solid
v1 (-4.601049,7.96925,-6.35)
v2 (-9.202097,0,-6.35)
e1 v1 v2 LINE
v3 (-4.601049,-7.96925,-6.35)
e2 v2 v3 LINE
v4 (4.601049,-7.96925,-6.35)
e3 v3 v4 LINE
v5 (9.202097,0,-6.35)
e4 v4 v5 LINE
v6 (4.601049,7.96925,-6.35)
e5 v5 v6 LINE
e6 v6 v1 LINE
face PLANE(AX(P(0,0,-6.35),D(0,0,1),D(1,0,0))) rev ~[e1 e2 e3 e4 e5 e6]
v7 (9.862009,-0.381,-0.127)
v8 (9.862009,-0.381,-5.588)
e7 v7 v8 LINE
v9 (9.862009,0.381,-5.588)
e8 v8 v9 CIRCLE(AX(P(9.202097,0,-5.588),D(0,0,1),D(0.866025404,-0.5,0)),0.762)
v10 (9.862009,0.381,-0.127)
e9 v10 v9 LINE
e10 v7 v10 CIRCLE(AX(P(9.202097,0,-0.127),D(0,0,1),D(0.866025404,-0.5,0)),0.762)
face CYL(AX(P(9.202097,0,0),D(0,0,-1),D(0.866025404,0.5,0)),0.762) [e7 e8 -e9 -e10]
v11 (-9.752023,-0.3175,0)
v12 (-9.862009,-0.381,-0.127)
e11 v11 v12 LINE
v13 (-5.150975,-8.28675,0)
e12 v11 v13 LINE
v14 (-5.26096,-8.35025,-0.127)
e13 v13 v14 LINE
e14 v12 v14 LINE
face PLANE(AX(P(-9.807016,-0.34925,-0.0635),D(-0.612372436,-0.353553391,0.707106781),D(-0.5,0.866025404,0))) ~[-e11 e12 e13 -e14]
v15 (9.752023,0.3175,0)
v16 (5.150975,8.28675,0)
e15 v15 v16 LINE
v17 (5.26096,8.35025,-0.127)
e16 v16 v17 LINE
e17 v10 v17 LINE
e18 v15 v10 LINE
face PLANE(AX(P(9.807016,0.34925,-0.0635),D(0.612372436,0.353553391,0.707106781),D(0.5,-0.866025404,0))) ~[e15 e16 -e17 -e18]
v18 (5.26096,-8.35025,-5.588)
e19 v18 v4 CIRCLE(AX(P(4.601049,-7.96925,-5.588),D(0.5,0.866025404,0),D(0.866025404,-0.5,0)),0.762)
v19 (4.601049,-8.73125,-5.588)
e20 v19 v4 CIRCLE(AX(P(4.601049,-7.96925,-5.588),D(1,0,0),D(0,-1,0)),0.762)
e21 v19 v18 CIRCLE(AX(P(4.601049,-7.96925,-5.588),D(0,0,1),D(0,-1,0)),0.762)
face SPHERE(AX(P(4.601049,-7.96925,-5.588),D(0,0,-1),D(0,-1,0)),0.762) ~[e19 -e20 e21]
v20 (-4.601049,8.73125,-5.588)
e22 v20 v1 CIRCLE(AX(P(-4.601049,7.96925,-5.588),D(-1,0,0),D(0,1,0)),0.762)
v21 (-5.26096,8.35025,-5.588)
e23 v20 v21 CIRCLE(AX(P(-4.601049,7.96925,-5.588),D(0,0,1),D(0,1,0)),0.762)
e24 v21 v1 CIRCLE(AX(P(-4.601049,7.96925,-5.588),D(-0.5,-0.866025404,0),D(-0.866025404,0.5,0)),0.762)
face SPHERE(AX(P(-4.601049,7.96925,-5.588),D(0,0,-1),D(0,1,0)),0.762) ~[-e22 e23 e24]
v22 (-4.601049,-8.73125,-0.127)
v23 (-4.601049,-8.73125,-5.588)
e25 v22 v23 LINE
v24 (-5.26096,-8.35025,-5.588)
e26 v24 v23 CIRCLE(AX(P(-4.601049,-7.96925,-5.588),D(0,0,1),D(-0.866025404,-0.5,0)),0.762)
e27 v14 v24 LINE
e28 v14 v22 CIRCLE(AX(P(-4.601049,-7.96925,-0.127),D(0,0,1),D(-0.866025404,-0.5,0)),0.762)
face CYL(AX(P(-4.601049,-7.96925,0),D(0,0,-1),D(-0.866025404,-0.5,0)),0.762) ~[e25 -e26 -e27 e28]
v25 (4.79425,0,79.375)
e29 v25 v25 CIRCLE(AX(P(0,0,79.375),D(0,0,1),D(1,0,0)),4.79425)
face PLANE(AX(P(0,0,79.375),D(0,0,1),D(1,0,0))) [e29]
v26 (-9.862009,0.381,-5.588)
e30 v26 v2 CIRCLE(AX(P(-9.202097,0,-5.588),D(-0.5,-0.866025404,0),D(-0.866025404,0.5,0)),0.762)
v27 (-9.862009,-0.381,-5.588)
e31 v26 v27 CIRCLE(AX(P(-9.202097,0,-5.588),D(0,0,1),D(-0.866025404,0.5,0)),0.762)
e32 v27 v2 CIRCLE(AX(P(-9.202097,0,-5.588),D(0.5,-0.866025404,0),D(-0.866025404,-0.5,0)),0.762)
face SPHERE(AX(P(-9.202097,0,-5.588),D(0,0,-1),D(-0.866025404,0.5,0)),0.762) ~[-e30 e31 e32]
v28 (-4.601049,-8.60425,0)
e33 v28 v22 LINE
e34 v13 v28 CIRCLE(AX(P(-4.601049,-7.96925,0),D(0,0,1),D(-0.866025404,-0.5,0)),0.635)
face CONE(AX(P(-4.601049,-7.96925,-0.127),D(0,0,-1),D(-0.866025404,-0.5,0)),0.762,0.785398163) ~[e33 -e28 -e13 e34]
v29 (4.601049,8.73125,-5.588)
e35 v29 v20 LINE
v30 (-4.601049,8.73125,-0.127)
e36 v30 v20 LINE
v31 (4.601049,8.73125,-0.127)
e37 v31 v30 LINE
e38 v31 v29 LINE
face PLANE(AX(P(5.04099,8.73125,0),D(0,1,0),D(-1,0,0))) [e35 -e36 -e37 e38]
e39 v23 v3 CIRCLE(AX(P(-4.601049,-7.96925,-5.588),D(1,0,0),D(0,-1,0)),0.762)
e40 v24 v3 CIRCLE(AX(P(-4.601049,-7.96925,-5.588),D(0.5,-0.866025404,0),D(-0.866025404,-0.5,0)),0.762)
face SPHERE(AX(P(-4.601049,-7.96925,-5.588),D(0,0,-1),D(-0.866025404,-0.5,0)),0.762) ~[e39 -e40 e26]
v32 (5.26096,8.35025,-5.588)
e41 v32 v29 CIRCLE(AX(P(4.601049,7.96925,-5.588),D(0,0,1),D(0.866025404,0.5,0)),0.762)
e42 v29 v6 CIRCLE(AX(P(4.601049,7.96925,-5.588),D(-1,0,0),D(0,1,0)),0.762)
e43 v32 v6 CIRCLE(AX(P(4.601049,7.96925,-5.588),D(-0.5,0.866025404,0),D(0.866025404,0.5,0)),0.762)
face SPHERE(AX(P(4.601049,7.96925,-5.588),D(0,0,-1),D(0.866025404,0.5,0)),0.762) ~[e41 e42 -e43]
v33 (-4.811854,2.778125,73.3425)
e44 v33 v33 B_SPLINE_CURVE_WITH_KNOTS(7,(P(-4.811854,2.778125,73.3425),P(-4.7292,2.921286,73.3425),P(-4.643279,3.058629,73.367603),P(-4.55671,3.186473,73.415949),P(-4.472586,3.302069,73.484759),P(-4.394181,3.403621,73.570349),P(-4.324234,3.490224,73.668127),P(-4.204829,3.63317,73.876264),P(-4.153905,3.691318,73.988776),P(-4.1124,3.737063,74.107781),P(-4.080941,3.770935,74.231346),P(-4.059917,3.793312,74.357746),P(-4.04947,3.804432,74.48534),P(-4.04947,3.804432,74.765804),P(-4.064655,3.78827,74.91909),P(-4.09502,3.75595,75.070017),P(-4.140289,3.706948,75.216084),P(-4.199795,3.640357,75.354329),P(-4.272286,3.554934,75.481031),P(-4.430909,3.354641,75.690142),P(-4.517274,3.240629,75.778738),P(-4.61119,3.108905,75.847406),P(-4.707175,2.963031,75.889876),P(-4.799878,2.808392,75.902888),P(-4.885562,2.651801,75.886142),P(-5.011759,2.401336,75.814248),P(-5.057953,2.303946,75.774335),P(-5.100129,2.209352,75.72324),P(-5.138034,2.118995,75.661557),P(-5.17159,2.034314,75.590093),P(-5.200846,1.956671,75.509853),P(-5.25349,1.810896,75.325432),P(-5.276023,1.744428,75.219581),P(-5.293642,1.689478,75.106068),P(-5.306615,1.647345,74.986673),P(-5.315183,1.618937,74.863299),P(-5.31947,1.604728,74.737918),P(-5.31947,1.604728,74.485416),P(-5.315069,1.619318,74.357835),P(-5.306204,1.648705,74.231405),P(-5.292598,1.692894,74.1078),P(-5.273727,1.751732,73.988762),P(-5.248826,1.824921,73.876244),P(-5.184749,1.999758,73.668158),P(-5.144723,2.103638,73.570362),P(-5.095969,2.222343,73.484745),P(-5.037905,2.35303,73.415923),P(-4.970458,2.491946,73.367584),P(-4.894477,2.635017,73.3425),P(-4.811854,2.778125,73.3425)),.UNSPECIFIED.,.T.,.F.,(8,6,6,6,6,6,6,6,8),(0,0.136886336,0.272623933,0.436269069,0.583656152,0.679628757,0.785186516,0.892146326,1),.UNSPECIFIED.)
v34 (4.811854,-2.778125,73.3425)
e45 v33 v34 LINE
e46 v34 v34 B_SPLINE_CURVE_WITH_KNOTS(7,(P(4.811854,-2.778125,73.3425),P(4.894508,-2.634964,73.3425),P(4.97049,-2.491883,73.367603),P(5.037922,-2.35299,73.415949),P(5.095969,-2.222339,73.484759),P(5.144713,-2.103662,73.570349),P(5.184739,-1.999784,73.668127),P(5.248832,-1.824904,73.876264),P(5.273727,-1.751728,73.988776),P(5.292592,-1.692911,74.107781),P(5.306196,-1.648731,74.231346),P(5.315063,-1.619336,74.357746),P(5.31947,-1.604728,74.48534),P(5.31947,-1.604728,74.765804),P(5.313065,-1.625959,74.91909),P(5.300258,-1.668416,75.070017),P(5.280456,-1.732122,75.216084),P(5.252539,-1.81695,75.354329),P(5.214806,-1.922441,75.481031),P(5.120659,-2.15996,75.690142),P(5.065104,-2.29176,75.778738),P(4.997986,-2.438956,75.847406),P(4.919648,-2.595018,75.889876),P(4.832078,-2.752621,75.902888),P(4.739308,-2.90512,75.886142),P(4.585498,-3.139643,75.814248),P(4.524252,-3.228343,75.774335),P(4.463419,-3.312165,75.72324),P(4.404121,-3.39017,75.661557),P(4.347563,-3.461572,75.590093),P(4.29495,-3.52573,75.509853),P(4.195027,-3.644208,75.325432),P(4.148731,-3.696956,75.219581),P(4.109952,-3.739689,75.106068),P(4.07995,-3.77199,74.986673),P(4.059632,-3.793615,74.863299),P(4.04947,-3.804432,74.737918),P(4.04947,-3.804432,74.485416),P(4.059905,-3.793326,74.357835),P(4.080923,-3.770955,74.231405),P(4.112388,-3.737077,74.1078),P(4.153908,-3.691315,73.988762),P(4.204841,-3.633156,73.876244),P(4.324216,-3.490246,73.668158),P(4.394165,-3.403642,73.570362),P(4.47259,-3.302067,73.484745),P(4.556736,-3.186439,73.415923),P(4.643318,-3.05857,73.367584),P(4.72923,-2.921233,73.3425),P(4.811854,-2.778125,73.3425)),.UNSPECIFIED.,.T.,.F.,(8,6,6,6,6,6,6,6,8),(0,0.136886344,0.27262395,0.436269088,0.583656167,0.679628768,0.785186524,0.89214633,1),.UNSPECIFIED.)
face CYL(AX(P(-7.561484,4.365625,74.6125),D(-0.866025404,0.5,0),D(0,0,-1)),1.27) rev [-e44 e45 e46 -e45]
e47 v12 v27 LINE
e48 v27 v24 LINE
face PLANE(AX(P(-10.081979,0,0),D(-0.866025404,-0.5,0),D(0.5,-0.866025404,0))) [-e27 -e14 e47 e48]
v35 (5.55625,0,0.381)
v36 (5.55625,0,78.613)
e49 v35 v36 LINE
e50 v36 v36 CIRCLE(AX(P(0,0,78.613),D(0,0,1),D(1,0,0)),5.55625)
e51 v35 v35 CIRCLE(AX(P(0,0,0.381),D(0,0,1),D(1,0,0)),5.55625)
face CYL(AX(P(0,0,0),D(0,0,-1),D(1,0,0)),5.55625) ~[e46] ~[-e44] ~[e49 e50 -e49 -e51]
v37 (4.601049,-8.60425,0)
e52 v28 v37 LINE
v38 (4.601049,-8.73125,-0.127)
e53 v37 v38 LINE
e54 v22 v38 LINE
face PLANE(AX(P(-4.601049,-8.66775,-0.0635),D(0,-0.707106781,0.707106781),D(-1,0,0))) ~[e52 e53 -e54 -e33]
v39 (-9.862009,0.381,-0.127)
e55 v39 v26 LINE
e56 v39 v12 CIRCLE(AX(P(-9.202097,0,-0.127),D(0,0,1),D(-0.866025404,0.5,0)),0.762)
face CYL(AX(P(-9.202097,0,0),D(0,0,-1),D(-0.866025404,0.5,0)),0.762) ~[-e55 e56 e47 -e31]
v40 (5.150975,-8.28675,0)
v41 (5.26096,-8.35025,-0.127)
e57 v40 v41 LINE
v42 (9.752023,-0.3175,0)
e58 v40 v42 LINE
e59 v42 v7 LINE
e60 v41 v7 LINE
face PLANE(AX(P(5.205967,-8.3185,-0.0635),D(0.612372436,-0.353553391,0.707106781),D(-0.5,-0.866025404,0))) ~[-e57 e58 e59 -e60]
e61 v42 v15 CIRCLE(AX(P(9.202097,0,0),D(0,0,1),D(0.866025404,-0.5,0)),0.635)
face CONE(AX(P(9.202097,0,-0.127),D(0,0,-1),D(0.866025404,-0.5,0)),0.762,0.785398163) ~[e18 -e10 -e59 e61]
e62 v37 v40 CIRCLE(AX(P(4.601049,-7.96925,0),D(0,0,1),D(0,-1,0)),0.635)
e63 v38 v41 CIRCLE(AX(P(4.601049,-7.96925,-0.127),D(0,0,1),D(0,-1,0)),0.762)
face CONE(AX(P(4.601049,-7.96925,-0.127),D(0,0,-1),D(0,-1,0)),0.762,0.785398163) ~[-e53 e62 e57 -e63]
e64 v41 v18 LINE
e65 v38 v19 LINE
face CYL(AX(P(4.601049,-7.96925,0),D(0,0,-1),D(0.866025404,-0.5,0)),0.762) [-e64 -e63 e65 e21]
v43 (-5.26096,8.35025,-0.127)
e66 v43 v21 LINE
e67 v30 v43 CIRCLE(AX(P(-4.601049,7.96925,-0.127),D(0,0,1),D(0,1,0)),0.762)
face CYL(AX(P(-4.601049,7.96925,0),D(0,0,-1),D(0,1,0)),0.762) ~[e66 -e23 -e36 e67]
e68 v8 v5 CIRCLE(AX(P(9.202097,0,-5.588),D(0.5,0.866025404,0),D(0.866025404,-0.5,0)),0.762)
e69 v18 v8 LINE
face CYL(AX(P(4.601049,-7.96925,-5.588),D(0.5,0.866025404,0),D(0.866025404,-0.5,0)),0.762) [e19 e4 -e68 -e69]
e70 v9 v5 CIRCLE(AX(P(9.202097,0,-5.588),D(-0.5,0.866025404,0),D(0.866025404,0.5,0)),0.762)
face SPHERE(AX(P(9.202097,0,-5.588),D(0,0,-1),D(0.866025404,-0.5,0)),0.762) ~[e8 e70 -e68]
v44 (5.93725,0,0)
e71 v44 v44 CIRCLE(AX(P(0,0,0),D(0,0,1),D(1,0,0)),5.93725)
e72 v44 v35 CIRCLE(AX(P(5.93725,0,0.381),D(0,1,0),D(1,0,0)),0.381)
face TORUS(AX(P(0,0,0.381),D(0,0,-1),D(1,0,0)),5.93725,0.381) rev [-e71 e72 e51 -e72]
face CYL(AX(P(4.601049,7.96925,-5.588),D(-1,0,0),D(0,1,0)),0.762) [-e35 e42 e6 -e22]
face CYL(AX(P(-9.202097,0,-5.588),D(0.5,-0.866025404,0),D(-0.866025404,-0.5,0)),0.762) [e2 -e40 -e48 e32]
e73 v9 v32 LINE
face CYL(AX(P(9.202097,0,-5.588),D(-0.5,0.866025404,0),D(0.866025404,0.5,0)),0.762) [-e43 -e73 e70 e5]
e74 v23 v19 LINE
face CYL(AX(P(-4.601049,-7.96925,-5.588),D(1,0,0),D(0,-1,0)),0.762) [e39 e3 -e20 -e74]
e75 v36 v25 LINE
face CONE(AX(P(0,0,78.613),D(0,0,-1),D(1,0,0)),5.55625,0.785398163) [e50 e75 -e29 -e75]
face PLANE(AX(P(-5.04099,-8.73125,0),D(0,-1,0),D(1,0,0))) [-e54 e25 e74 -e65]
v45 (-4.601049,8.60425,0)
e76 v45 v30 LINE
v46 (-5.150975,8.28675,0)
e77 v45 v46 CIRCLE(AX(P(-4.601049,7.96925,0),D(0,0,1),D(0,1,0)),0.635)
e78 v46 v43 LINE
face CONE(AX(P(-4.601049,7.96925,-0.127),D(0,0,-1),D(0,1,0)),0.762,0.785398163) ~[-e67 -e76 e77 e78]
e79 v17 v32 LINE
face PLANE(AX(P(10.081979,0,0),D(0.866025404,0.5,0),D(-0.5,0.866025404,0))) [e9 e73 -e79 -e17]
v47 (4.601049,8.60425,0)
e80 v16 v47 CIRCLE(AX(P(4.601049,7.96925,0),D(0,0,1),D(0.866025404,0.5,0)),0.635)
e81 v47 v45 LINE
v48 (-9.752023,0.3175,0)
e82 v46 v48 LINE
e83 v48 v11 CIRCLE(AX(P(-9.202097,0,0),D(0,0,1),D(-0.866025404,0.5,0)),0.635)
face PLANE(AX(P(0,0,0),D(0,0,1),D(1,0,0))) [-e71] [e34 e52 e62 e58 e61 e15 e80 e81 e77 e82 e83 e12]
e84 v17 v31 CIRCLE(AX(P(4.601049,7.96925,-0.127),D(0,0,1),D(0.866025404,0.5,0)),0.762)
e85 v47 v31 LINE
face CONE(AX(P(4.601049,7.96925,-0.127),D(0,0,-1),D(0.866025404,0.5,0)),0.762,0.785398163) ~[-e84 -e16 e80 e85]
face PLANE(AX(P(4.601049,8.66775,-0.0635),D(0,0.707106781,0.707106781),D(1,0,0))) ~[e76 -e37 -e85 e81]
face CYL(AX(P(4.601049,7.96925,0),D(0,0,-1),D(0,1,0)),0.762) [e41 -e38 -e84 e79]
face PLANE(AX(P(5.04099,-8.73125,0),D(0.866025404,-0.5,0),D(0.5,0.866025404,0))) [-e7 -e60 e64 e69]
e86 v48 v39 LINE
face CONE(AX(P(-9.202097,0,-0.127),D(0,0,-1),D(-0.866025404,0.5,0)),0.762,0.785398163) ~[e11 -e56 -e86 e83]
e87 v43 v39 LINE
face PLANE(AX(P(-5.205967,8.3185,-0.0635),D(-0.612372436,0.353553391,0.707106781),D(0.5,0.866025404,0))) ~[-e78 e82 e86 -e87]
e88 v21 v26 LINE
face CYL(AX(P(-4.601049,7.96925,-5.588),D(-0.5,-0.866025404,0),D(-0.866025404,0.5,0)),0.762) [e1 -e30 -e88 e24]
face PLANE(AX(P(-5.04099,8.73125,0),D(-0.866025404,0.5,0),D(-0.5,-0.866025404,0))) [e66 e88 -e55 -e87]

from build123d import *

# Parameters (mm, degrees)
SHANK_DIAMETER_R      = 5.55625
SHANK_DEPTH           = 79.375
HEAD_DEPTH            = 6.35
SKETCH1_R             = 1.27
SHANK_HOLE_DEPTH      = 22.828125
SHANK_HOLE_DEPTH_BACK = 5.365625
FILLET1_R             = 0.762
FILLET2_R             = 0.762
CHAMFER1_SIZE         = 0.762
CHAMFER2_SIZE         = 0.127
FILLET4_R             = 0.381


with BuildPart() as part:
    # Shank_Diameter → Shank (new body)
    with BuildSketch(Plane.XY):
        Circle(SHANK_DIAMETER_R)
    extrude(amount=SHANK_DEPTH)

    # Hex 2 → Head (add)
    with BuildSketch(Plane(origin=(0, 0, 0), x_dir=(-1, 0, 0), z_dir=(0, 0, -1))):
        Polygon((-5.040989538, 8.73125), (5.040989538, 8.73125), (10.081979076, 0), (5.040989538, -8.73125), (-5.040989538, -8.73125), (-10.081979076, 0), align=None)
    extrude(amount=HEAD_DEPTH)

    # Sketch1 → Shank_Hole (cut, two sides)
    with BuildSketch(Plane(origin=(-8.305880657, 3.0762927, 0), x_dir=(0, 0, -1), z_dir=(0.866025404, -0.5, 0))) as shank_hole_sk:
        with Locations((-74.6125, 1.4887927)):
            Circle(SKETCH1_R)
    extrude(amount=SHANK_HOLE_DEPTH, mode=Mode.SUBTRACT)
    extrude(shank_hole_sk.sketch, amount=-SHANK_HOLE_DEPTH_BACK, mode=Mode.SUBTRACT)

    # Fillet1
    fillet1_edges = [part.edges().sort_by_distance(p)[0] for p in [
        (5.040989538, 8.73125, -3.175),
        (10.081979076, 0, -3.175),
        (5.040989538, -8.73125, -3.175),
        (-5.040989538, -8.73125, -3.175),
        (-10.081979076, 0, -3.175),
        (-5.040989538, 8.73125, -3.175),
    ]]
    fillet(fillet1_edges, radius=FILLET1_R)

    # Fillet2
    fillet2_edges = [part.edges().sort_by_distance(p)[0] for p in [
        (0, 8.73125, -6.35),
        (-7.561484307, 4.365625, -6.35),
        (7.561484307, 4.365625, -6.35),
        (7.561484307, -4.365625, -6.35),
        (0, -8.73125, -6.35),
        (-7.561484307, -4.365625, -6.35),
    ]]
    fillet(fillet2_edges, radius=FILLET2_R)

    # Chamfer1
    chamfer1_edges = [part.edges().sort_by_distance(p)[0] for p in [
        (-5.55625, 0, 79.375),
    ]]
    chamfer(chamfer1_edges, length=CHAMFER1_SIZE)

    # Chamfer2
    chamfer2_edges = [part.edges().sort_by_distance(p)[0] for p in [
        (0, 8.73125, 0),
        (7.561484307, 4.365625, 0),
        (-7.561484307, 4.365625, 0),
        (-7.561484307, -4.365625, 0),
        (0, -8.73125, 0),
        (7.561484307, -4.365625, 0),
        (-4.982048633, -8.629161358, 0),
        (4.982048633, -8.629161358, 0),
        (-9.964097265, 0, 0),
        (9.964097265, 0, 0),
        (4.982048633, 8.629161358, 0),
        (-4.982048633, 8.629161358, 0),
    ]]
    chamfer(chamfer2_edges, length=CHAMFER2_SIZE)

    # Fillet4
    fillet4_edges = [part.edges().sort_by_distance(p)[0] for p in [
        (-5.55625, 0, 0),
    ]]
    fillet(fillet4_edges, radius=FILLET4_R)


solid = part.part
